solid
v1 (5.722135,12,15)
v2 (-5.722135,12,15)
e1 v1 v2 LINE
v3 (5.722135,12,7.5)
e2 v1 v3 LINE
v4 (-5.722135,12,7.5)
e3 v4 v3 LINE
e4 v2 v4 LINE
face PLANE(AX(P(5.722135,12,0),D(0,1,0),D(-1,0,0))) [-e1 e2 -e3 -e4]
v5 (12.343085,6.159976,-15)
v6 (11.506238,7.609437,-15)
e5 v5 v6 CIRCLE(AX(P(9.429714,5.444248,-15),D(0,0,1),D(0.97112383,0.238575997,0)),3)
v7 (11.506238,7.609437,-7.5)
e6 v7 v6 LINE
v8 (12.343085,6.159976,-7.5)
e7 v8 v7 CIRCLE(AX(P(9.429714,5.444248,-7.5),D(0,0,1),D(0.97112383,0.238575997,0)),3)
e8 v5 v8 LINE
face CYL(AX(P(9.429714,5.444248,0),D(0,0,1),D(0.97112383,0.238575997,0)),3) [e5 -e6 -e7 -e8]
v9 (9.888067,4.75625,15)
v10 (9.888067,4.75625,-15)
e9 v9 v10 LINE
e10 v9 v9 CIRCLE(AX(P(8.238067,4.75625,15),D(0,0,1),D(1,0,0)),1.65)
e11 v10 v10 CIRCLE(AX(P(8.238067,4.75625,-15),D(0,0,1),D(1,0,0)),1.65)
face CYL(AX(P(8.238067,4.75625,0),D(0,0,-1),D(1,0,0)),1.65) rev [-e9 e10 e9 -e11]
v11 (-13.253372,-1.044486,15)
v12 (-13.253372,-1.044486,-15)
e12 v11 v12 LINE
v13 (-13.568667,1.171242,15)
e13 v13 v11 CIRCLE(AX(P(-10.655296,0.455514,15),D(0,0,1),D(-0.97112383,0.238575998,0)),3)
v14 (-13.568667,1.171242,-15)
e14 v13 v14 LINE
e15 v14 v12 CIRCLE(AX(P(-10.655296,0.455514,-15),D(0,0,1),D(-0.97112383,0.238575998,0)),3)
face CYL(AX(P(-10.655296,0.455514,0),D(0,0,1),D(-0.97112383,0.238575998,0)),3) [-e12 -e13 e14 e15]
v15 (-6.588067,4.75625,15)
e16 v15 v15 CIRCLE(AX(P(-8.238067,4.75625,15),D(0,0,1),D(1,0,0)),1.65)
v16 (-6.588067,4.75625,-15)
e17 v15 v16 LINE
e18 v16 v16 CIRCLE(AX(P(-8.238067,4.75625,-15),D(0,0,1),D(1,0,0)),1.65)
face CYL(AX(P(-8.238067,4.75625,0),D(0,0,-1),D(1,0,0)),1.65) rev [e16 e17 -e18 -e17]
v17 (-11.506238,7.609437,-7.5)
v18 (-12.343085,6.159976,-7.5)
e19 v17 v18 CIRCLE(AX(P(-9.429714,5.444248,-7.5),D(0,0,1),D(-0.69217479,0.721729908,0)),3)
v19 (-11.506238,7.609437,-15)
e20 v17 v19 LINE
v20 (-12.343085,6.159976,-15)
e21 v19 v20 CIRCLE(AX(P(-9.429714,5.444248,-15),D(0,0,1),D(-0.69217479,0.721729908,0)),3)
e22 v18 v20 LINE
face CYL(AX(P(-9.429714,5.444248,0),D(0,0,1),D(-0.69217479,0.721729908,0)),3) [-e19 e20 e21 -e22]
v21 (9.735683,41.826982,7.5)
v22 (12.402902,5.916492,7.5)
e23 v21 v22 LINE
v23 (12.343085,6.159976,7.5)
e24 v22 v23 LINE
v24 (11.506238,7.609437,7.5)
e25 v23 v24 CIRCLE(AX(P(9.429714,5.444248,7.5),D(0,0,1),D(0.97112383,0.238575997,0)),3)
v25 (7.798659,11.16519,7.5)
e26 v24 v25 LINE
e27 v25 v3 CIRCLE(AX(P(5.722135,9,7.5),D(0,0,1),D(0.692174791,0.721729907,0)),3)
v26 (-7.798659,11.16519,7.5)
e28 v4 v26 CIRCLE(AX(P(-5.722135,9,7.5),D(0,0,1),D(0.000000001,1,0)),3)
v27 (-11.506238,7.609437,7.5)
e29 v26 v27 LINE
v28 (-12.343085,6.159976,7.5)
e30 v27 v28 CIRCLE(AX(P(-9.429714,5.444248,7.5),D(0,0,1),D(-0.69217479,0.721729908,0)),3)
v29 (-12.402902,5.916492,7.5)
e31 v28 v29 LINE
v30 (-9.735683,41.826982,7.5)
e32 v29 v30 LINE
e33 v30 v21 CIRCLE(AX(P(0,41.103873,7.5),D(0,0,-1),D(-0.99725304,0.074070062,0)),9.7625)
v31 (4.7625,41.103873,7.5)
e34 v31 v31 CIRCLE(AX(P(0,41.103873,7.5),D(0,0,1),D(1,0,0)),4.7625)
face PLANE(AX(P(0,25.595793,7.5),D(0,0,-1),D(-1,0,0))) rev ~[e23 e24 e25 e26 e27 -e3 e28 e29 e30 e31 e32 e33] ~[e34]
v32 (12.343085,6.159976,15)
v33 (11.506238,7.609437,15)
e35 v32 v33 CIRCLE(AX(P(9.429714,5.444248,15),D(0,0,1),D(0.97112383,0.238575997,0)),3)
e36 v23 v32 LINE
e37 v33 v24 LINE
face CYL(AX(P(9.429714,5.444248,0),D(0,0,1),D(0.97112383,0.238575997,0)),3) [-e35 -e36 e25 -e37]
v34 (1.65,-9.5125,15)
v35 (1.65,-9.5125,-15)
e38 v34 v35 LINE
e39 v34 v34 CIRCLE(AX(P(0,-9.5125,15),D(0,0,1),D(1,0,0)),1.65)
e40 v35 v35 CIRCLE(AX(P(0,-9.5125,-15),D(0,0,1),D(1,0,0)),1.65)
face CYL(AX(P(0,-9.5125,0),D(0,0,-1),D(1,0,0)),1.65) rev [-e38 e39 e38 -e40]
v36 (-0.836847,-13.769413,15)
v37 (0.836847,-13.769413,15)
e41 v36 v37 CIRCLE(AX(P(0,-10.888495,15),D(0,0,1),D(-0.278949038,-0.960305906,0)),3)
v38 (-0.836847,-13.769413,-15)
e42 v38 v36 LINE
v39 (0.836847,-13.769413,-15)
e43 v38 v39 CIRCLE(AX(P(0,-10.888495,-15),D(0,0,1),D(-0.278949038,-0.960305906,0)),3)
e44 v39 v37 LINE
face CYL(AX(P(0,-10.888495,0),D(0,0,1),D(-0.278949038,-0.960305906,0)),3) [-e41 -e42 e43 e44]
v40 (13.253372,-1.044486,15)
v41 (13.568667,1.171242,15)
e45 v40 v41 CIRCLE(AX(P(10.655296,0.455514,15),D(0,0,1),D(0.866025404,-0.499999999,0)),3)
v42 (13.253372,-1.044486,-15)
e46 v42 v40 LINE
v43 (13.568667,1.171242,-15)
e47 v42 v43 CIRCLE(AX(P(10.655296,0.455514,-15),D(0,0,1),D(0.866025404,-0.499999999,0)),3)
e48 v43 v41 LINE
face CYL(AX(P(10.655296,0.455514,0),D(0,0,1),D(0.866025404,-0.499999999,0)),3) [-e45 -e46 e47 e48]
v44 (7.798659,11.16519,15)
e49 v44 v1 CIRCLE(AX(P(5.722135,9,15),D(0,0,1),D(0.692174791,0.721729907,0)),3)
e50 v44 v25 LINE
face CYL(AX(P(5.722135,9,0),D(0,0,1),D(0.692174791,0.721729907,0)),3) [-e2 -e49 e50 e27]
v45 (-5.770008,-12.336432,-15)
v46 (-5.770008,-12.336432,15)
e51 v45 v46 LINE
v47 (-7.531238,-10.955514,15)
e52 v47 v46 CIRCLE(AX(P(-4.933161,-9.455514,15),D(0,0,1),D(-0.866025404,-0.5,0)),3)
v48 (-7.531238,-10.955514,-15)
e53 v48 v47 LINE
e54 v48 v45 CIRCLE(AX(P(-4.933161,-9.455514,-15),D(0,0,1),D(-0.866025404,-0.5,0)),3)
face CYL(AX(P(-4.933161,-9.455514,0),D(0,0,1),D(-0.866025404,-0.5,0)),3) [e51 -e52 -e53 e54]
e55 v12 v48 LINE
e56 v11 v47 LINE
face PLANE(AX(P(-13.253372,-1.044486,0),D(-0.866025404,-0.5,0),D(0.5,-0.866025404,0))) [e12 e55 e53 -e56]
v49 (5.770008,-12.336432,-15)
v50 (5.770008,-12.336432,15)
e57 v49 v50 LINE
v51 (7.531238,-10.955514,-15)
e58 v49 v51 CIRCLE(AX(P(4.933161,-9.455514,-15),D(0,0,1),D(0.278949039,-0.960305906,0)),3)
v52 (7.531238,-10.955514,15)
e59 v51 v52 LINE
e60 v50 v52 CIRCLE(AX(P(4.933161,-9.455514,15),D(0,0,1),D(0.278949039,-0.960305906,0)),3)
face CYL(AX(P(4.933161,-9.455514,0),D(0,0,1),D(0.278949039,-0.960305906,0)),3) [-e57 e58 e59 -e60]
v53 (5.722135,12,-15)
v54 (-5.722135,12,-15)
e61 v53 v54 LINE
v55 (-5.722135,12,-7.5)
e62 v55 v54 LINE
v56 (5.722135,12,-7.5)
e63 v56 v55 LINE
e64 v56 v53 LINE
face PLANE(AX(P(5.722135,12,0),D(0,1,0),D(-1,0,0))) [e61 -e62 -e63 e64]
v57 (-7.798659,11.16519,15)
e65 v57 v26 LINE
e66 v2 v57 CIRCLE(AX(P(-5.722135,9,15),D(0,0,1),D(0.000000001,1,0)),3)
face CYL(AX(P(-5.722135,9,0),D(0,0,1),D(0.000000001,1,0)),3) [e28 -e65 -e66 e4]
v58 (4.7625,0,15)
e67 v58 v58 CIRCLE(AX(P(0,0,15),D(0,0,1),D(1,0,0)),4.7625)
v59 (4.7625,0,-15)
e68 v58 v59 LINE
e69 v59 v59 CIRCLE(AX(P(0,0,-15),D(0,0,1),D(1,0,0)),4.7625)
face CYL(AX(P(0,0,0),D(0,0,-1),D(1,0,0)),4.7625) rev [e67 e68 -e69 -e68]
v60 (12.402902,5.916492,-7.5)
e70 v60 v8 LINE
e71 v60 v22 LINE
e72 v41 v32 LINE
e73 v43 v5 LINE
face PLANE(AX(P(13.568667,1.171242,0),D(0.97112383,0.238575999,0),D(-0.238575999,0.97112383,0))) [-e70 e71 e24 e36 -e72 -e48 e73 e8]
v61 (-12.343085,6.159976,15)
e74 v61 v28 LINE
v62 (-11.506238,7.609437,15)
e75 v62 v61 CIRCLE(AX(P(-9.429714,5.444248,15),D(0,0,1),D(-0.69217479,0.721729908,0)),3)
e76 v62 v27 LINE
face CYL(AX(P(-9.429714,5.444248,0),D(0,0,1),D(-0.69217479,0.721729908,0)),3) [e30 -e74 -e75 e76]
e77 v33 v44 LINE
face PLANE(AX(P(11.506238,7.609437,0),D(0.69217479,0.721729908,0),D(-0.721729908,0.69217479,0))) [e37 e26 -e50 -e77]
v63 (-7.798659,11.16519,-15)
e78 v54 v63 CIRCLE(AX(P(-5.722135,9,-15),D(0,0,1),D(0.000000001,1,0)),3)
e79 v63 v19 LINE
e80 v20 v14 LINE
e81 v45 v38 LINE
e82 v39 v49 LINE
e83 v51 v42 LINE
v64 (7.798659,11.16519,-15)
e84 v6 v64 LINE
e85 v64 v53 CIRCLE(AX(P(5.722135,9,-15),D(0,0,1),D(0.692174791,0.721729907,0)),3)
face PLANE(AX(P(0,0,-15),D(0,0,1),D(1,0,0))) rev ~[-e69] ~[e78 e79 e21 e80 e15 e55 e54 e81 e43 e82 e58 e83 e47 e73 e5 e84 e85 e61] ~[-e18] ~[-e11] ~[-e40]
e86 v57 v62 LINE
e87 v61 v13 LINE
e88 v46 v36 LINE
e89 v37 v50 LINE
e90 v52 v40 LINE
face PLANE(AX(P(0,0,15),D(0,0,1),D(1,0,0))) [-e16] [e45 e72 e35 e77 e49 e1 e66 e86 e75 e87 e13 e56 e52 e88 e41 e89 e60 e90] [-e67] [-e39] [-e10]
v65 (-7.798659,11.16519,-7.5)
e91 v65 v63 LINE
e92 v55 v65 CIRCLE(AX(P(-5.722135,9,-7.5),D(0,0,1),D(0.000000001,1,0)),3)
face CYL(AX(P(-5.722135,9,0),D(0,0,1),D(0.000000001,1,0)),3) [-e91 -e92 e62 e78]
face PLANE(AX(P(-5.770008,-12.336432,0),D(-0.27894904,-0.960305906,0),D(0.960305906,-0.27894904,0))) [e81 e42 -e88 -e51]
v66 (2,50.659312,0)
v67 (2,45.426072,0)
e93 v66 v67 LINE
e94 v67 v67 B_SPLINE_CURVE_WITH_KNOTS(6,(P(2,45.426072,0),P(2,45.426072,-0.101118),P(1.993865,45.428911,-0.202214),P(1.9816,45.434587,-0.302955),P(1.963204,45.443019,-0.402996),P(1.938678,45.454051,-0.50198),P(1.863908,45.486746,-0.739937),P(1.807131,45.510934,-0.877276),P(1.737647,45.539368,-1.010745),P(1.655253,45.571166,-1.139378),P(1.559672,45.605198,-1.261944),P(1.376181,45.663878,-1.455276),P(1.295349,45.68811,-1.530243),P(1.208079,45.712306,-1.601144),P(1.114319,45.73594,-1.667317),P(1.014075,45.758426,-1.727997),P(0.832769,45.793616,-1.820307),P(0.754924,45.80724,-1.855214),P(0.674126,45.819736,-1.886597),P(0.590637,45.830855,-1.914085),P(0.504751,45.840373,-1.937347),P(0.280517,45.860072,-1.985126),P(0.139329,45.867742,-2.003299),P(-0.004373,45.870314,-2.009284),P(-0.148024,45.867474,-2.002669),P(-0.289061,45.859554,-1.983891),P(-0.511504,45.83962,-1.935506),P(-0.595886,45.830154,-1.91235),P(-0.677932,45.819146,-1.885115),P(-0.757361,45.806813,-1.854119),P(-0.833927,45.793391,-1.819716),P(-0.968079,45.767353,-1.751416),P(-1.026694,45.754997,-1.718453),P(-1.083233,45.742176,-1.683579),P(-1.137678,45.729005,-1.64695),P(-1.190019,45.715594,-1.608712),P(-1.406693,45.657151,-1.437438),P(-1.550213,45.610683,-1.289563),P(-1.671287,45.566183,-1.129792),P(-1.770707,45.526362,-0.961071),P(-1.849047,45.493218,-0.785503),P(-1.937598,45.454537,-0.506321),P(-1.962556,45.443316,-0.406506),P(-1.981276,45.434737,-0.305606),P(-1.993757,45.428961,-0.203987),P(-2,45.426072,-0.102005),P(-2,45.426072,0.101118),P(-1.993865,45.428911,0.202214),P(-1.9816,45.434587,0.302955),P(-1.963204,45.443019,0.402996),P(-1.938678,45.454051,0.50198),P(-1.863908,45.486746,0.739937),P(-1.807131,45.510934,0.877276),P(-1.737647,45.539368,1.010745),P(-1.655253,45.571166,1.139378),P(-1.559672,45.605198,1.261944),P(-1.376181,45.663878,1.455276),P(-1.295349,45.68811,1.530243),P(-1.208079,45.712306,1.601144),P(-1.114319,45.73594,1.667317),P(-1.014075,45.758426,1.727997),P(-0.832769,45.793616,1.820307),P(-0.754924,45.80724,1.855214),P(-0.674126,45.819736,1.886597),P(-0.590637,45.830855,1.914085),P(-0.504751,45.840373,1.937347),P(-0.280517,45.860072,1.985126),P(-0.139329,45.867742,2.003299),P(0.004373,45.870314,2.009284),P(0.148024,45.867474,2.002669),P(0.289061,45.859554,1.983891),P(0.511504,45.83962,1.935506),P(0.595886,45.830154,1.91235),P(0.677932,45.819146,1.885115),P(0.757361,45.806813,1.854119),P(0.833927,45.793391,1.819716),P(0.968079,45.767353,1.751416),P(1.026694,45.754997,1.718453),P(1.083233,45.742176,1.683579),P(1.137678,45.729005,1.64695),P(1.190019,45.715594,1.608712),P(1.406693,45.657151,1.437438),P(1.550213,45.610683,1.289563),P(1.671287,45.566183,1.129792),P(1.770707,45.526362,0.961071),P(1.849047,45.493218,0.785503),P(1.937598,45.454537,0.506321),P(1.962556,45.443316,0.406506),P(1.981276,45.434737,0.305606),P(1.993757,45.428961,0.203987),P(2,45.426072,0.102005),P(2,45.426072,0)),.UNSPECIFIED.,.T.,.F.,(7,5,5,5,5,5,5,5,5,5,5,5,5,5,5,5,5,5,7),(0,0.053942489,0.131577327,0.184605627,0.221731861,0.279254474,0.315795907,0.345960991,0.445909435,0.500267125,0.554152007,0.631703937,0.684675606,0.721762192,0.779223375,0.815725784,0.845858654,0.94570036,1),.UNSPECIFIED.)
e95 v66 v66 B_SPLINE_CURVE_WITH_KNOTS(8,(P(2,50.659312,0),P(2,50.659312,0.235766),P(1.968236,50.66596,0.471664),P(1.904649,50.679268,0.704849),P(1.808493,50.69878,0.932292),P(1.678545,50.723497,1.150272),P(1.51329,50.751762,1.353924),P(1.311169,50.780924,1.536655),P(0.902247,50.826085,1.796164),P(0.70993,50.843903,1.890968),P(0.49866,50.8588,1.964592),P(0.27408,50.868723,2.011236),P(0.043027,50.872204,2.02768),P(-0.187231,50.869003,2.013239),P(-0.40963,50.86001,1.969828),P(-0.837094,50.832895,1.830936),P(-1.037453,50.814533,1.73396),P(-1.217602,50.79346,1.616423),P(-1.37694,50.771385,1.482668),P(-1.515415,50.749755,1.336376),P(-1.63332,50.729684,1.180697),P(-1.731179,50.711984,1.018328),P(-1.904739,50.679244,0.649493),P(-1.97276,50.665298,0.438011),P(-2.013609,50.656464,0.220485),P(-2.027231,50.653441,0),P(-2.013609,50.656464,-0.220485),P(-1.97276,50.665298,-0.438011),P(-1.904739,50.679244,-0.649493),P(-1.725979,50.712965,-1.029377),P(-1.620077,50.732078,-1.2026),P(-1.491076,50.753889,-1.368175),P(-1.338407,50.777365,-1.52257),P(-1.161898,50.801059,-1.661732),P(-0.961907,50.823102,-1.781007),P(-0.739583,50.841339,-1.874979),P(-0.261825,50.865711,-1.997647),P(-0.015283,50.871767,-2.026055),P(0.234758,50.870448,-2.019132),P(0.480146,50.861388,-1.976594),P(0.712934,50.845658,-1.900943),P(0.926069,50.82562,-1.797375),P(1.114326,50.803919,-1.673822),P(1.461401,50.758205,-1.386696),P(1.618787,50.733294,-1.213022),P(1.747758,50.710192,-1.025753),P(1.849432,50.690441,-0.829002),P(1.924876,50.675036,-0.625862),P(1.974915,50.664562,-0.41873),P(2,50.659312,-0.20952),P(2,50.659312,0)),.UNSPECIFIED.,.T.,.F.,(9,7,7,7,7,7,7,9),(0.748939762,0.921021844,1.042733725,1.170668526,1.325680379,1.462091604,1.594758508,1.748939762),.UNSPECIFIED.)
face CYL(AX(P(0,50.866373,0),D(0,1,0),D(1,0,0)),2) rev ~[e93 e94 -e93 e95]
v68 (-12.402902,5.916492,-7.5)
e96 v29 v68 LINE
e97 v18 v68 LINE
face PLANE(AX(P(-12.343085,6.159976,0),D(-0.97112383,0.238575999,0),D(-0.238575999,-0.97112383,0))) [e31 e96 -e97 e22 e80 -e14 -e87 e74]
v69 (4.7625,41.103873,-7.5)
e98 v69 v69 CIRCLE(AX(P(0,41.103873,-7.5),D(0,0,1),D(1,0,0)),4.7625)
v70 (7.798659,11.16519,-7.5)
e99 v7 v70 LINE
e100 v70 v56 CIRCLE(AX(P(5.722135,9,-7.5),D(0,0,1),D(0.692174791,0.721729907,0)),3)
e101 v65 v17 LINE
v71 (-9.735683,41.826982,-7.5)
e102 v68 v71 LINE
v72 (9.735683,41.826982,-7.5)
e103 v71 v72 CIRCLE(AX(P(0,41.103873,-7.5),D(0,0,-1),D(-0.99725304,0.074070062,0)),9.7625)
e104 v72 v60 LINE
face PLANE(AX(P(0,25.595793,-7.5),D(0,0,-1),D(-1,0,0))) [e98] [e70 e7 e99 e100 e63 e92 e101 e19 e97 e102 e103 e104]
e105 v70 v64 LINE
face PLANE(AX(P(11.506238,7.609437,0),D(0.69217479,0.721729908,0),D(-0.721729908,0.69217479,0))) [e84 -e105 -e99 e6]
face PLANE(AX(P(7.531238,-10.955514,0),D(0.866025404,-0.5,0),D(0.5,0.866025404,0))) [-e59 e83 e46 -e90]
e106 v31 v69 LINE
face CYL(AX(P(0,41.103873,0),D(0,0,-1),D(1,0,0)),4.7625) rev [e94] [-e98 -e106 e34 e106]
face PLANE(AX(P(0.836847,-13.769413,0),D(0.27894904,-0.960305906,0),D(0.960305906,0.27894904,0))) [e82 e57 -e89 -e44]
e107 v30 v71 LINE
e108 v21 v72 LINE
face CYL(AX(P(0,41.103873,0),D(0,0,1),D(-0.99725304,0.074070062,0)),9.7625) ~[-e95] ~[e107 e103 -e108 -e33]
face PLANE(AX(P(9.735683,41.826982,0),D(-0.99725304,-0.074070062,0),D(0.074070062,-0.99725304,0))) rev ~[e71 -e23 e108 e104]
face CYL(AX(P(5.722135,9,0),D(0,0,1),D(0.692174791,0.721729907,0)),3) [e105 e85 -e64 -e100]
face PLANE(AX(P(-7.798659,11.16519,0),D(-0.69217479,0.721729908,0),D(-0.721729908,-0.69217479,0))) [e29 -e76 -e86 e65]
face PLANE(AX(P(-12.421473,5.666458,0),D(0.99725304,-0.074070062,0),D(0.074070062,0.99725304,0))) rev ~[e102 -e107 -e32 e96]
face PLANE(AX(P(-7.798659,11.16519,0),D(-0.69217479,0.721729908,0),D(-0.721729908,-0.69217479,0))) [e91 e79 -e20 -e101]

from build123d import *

# Parameters (mm, degrees)
SKETCH1_R           = 4.7625
SKETCH1_R_2         = 1.65
BOSS_EXTRUDE1_DEPTH = 15
SKETCH2_R           = 4.7625
BOSS_EXTRUDE2_DEPTH = 7.5
CUT_EXTRUDE1_REACH  = 66.755
SKETCH3_R           = 2


with BuildPart() as part:
    # Sketch1 → Boss-Extrude1 (new body, symmetric)
    with BuildSketch(Plane.XY):
        with BuildLine():
            Line((-13.253372163, -1.044486042), (-7.531237528, -10.955513958))
            ThreePointArc((-7.531237528, -10.955513958), (-6.784217233, -11.816359568), (-5.770008435, -12.336431676))
            Line((-5.770008435, -12.336431676), (-0.836847118, -13.76941319))
            ThreePointArc((-0.836847118, -13.76941319), (0, -13.888495471), (0.836847118, -13.76941319))
            Line((0.836847118, -13.76941319), (5.770008435, -12.336431676))
            ThreePointArc((5.770008435, -12.336431676), (6.784217233, -11.816359568), (7.531237528, -10.955513958))
            Line((7.531237528, -10.955513958), (13.253372163, -1.044486042))
            ThreePointArc((13.253372163, -1.044486042), (13.625376182, 0.032875315), (13.568667441, 1.171241953))
            Line((13.568667441, 1.171241953), (12.343085176, 6.159975731))
            ThreePointArc((12.343085176, 6.159975731), (12.027789898, 6.944247736), (11.506238058, 7.609437458))
            Line((11.506238058, 7.609437458), (7.798659006, 11.165189723))
            ThreePointArc((7.798659006, 11.165189723), (6.841158949, 11.783484253), (5.722134635, 12))
            Line((5.722134635, 12), (-5.722134635, 12))
            ThreePointArc((-5.722134635, 12), (-6.841158949, 11.783484253), (-7.798659006, 11.165189723))
            Line((-7.798659006, 11.165189723), (-11.506238058, 7.609437458))
            ThreePointArc((-11.506238058, 7.609437458), (-12.027789898, 6.944247736), (-12.343085176, 6.159975731))
            Line((-12.343085176, 6.159975731), (-13.568667441, 1.171241953))
            ThreePointArc((-13.568667441, 1.171241953), (-13.625376182, 0.032875315), (-13.253372163, -1.044486042))
        make_face()
        Circle(SKETCH1_R, mode=Mode.SUBTRACT)
        with Locations((-8.238066653, 4.75625)):
            Circle(SKETCH1_R_2, mode=Mode.SUBTRACT)
        with Locations((8.238066653, 4.75625)):
            Circle(SKETCH1_R_2, mode=Mode.SUBTRACT)
        with Locations((0, -9.5125)):
            Circle(SKETCH1_R_2, mode=Mode.SUBTRACT)
    extrude(amount=BOSS_EXTRUDE1_DEPTH, both=True)

    # Sketch2 → Boss-Extrude2 (add, symmetric)
    with BuildSketch(Plane.XY):
        with BuildLine():
            Line((-12.421472807, 5.666457921), (-9.735682804, 41.826981922))
            ThreePointArc((-9.735682804, 41.826981922), (0, 50.866372944), (9.735682804, 41.826981922))
            Line((9.735682804, 41.826981922), (12.421472807, 5.666457921))
            Line((12.421472807, 5.666457921), (0, 12))
            Line((0, 12), (-12.421472807, 5.666457921))
        make_face()
        with Locations((0, 41.103872944)):
            Circle(SKETCH2_R, mode=Mode.SUBTRACT)
    extrude(amount=BOSS_EXTRUDE2_DEPTH, both=True)

    # Sketch3 → Cut-Extrude1 (cut, up to next)
    with BuildSketch(Plane(origin=(0, 50.866372944, 0), x_dir=(1, 0, 0), z_dir=(0, 1, 0)), mode=Mode.PRIVATE) as cut_extrude1_sk1:
        Circle(SKETCH3_R)
    cut_extrude1_tool1 = extrude(cut_extrude1_sk1.sketch, amount=-CUT_EXTRUDE1_REACH, mode=Mode.PRIVATE) & part.part
    add(cut_extrude1_tool1.solids().sort_by_distance((0, 50.866373, 0))[0], mode=Mode.SUBTRACT)


solid = part.part
